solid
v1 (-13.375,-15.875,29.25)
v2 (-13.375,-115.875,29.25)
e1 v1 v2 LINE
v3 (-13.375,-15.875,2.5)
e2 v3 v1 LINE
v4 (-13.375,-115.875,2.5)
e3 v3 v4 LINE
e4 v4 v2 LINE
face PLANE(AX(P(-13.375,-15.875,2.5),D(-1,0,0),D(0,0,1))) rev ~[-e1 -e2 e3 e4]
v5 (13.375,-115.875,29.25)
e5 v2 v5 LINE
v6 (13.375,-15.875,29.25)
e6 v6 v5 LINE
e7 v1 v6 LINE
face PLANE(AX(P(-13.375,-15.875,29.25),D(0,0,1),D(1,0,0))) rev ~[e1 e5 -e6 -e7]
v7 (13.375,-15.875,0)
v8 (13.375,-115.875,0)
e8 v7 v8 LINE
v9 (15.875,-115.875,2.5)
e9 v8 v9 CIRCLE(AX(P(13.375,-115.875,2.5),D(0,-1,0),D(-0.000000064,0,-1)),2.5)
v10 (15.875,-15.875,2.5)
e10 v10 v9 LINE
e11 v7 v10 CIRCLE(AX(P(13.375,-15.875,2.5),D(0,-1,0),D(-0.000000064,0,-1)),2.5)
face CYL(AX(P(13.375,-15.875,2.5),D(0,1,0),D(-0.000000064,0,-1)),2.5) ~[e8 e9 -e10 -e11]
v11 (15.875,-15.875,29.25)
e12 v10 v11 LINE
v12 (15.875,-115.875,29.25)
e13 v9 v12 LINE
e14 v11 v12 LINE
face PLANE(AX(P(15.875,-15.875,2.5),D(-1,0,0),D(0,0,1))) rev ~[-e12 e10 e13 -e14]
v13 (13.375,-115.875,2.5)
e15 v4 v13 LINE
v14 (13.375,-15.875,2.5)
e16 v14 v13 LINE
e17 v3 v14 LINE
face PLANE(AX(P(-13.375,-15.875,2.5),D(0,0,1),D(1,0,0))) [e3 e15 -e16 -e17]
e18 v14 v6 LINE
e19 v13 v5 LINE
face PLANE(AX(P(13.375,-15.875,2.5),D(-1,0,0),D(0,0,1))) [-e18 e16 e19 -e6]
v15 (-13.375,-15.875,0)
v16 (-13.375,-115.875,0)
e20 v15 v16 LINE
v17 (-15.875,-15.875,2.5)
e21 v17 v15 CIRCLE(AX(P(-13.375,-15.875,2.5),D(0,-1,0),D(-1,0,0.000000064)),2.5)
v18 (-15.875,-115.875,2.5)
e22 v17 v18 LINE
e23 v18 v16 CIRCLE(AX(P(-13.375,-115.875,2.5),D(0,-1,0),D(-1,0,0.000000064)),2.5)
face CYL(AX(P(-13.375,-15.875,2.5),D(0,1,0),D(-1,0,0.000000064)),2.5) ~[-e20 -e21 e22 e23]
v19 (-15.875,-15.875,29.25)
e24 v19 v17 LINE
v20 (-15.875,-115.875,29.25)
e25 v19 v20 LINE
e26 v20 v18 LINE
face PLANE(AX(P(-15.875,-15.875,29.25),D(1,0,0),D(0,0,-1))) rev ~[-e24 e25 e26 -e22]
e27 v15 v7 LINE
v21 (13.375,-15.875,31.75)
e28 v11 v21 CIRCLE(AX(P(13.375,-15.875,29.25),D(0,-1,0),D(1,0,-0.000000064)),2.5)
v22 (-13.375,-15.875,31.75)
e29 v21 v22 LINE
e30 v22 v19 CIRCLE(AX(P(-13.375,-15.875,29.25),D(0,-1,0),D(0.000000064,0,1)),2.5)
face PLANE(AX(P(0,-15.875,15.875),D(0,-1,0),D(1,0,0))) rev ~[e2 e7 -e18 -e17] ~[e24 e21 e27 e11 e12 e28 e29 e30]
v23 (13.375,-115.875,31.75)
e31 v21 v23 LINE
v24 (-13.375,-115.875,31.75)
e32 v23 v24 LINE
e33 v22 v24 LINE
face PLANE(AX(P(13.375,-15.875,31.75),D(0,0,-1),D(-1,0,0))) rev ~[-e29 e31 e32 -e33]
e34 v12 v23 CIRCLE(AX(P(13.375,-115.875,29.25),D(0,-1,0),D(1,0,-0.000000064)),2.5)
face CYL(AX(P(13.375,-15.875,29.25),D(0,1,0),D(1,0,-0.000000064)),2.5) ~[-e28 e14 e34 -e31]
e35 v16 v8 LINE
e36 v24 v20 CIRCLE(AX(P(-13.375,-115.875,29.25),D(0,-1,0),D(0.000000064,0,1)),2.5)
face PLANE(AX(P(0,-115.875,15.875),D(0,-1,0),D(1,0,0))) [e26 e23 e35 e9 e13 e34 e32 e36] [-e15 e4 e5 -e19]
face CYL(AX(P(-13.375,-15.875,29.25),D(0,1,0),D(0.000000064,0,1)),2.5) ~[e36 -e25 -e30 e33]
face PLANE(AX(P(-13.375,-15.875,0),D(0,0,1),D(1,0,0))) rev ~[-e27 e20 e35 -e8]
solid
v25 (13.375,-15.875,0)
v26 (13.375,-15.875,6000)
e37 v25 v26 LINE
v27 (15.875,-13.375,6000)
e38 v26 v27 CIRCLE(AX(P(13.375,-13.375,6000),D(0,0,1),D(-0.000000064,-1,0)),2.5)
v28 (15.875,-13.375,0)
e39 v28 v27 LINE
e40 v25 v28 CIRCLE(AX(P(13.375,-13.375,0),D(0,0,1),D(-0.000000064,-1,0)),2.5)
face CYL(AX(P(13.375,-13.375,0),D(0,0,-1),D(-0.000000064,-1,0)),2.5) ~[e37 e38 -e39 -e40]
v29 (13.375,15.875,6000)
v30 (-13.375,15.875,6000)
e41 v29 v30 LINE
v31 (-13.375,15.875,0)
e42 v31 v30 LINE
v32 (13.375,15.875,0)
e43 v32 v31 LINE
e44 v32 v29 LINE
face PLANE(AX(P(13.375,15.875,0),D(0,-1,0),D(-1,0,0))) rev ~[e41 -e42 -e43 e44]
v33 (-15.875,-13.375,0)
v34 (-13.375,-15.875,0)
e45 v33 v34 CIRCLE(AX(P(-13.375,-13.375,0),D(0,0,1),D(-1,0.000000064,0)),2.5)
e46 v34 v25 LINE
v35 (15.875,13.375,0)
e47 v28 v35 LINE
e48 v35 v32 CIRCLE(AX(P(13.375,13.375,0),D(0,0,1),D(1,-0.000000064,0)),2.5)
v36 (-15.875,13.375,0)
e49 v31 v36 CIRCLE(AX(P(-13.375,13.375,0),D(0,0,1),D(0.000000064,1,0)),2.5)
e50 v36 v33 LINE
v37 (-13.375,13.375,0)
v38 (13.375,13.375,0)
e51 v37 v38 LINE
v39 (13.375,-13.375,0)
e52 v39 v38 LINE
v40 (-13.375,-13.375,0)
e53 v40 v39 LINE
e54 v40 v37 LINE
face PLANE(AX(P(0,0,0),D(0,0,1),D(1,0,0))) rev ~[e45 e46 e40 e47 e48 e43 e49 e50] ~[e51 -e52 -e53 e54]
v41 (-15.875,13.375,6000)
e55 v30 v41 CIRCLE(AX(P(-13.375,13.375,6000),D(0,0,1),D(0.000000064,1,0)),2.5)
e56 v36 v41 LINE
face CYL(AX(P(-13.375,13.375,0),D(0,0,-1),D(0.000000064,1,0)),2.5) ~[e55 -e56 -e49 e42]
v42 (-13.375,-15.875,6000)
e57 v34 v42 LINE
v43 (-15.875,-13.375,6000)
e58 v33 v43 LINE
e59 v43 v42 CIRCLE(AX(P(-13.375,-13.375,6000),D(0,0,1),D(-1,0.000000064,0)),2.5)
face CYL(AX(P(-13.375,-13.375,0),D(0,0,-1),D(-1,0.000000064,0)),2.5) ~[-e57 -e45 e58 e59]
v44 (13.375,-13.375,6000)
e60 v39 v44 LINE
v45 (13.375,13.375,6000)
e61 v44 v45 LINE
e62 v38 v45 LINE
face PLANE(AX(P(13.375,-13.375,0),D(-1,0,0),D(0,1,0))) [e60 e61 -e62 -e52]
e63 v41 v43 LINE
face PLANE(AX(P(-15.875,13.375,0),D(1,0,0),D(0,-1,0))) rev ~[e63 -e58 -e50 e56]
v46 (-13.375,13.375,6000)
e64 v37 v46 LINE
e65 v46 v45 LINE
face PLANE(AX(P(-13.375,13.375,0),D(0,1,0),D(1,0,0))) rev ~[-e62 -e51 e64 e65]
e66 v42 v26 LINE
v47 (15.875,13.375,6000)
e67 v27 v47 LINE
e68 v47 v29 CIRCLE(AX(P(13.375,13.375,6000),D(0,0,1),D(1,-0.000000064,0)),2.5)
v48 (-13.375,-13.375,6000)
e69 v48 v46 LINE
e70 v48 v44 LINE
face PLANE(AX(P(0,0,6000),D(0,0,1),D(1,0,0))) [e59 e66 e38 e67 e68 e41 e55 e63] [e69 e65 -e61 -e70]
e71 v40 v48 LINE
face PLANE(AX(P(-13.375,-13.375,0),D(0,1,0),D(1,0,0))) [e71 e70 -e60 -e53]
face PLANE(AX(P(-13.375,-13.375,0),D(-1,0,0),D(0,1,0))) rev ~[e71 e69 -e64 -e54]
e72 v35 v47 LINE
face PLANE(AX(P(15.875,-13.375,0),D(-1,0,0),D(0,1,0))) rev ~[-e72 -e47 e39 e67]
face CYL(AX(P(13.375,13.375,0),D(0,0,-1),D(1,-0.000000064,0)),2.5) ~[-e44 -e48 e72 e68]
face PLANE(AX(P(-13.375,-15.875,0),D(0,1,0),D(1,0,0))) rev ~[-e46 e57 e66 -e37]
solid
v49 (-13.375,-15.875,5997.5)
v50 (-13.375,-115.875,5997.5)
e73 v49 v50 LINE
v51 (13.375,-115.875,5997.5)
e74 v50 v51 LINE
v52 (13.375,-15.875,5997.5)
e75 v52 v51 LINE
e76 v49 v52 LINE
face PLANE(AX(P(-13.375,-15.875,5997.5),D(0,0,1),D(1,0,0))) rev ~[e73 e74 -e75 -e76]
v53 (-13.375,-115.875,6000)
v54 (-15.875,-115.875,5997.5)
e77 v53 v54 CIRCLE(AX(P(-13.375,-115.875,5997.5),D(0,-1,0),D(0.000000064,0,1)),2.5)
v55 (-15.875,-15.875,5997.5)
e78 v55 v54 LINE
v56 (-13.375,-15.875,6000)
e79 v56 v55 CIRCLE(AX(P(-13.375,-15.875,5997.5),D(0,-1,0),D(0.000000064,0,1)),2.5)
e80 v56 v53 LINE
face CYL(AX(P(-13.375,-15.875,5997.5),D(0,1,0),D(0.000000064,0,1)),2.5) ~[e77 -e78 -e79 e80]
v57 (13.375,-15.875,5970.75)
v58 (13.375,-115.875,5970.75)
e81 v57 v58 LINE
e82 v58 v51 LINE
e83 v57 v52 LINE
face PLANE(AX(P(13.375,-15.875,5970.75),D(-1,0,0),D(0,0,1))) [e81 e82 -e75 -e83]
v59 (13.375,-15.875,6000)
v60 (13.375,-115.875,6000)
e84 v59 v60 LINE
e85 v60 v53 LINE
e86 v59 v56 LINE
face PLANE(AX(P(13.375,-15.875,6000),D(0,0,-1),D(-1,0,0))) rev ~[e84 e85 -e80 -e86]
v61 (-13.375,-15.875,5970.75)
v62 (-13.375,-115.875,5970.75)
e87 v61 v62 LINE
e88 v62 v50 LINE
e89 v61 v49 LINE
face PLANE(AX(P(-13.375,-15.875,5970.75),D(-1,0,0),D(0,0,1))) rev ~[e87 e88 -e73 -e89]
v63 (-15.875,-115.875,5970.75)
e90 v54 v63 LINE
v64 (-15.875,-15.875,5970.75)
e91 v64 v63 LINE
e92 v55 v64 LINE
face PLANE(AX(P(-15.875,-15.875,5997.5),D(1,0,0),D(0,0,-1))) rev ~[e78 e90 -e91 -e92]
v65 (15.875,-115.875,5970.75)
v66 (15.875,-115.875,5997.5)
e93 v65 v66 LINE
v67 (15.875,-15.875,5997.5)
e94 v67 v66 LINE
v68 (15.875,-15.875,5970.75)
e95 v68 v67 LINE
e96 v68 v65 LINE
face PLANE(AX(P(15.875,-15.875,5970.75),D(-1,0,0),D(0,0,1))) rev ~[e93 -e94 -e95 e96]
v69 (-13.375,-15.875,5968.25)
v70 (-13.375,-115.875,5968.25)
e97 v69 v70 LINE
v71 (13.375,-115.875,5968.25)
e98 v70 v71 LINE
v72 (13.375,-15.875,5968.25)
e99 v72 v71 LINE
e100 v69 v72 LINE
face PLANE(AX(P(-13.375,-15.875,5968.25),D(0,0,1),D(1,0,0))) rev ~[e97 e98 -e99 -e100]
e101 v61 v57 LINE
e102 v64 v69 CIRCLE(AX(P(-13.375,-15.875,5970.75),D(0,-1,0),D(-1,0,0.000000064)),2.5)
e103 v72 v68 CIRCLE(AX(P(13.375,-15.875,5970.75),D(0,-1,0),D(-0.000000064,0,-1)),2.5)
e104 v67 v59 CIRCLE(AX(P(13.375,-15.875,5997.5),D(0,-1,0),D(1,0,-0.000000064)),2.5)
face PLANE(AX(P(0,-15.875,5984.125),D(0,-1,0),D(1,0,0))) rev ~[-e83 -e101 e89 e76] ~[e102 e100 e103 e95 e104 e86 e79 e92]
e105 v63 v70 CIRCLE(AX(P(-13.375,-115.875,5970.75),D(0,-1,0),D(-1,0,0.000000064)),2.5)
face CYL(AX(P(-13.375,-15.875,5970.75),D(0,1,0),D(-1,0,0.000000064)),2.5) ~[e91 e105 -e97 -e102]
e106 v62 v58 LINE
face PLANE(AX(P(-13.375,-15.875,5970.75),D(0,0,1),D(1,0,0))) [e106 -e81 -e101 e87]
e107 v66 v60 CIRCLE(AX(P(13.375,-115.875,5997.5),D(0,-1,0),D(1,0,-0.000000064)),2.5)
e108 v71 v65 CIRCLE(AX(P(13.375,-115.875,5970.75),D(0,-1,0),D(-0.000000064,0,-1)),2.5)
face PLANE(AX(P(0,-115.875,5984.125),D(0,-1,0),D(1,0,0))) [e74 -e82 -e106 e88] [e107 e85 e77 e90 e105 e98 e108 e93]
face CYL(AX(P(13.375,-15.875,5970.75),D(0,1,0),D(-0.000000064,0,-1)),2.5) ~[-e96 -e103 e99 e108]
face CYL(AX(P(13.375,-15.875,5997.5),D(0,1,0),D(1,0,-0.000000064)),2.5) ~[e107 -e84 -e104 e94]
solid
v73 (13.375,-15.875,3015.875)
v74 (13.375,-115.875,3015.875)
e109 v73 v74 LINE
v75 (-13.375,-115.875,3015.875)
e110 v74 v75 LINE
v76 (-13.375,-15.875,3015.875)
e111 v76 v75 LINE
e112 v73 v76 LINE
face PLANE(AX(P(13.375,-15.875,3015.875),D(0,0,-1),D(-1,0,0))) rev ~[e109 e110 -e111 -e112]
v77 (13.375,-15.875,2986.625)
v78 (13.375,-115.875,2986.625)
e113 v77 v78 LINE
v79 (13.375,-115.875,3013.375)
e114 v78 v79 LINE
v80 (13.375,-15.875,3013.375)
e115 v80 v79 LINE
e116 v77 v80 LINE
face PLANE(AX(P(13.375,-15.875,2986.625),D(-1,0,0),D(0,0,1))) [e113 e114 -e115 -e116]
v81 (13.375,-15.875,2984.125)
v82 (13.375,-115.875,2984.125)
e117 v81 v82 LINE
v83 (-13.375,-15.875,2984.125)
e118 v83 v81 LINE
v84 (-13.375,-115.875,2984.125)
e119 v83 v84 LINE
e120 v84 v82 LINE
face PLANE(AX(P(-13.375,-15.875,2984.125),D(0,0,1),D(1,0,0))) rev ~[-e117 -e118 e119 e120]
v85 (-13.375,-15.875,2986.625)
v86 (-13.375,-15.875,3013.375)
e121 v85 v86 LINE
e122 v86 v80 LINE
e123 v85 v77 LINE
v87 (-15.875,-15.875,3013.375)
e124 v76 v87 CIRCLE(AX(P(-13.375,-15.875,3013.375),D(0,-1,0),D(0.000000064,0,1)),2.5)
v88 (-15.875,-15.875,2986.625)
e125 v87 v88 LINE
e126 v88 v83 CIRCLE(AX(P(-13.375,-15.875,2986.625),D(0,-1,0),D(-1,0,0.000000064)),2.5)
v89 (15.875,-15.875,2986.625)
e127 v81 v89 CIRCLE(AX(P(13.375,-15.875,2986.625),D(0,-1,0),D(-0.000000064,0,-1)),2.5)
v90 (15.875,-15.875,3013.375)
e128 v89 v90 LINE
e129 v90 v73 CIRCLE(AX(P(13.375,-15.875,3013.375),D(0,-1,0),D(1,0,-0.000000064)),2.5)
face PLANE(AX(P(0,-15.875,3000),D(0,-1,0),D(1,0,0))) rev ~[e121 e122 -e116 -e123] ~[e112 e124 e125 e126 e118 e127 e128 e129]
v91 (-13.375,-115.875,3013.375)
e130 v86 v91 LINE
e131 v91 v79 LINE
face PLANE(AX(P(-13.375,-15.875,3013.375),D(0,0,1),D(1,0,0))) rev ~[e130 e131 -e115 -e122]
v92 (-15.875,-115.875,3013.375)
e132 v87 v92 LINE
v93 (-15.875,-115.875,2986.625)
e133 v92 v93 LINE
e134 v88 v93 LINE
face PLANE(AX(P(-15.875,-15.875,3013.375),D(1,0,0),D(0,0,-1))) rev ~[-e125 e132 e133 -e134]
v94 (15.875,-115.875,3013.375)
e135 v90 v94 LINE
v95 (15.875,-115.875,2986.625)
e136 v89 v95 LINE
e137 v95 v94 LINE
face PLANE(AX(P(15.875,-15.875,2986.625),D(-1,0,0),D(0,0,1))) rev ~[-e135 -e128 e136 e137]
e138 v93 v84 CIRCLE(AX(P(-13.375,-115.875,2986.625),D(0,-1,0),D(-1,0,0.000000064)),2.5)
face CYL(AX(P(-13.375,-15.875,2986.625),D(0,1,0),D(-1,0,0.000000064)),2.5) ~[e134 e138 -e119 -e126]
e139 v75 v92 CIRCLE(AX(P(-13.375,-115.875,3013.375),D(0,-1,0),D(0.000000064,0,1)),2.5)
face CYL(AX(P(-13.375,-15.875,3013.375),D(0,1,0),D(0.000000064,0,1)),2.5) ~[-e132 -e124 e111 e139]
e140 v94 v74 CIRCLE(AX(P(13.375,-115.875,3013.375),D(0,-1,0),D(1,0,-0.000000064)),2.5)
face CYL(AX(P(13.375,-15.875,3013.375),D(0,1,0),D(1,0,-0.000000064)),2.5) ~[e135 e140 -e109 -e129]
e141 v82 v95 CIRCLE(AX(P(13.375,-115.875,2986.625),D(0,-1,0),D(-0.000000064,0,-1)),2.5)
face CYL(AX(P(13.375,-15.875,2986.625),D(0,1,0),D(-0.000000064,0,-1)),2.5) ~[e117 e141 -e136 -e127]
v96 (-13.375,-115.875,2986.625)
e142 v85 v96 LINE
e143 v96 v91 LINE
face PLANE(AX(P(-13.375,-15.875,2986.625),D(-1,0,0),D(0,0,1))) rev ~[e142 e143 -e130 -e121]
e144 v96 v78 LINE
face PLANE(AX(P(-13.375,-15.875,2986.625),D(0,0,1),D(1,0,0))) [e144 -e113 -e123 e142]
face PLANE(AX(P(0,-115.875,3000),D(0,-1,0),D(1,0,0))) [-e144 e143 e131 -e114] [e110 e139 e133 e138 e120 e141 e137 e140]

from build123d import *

# Parameters (mm, degrees)
F0_W     = 26.75
F0_H     = 26.75
F1_DEPTH = 6000
F2_W     = 26.75
F2_H     = 26.75
F3_DEPTH = 100


with BuildPart() as f1:
    # F0 (on Top) → F1 (new body)
    with BuildSketch(Plane.XY):
        with BuildLine():
            ThreePointArc((15.875, 13.375), (15.142767, 15.142767), (13.375, 15.875))
            Line((13.375, 15.875), (-13.375, 15.875))
            ThreePointArc((-13.375, 15.875), (-15.142767, 15.142767), (-15.875, 13.375))
            Line((-15.875, 13.375), (-15.875, -13.375))
            ThreePointArc((-15.875, -13.375), (-15.142767, -15.142767), (-13.375, -15.875))
            Line((-13.375, -15.875), (13.375, -15.875))
            ThreePointArc((13.375, -15.875), (15.142767, -15.142767), (15.875, -13.375))
            Line((15.875, -13.375), (15.875, 13.375))
        make_face()
        Rectangle(F0_W, F0_H, mode=Mode.SUBTRACT)
    extrude(amount=F1_DEPTH)


with BuildPart() as f3:
    # F2 (on face) → F3 (new body)
    with BuildSketch(Plane.XZ.offset(15.875)):
        with BuildLine():
            Line((-13.375, 2984.125), (13.375, 2984.125))
            ThreePointArc((13.375, 2984.125), (15.142767, 2984.857233), (15.875, 2986.625))
            Line((15.875, 2986.625), (15.875, 3013.375))
            ThreePointArc((15.875, 3013.375), (15.142767, 3015.142767), (13.375, 3015.875))
            Line((13.375, 3015.875), (-13.375, 3015.875))
            ThreePointArc((-13.375, 3015.875), (-15.142767, 3015.142767), (-15.875, 3013.375))
            Line((-15.875, 3013.375), (-15.875, 2986.625))
            ThreePointArc((-15.875, 2986.625), (-15.142767, 2984.857233), (-13.375, 2984.125))
        make_face()
        with Locations((0, 3000)):
            Rectangle(F2_W, F2_H, mode=Mode.SUBTRACT)
        with BuildLine():
            Line((-13.375, 5968.25), (13.375, 5968.25))
            ThreePointArc((13.375, 5968.25), (15.142767, 5968.982233), (15.875, 5970.75))
            Line((15.875, 5970.75), (15.875, 5997.5))
            ThreePointArc((15.875, 5997.5), (15.142767, 5999.267767), (13.375, 6000))
            Line((13.375, 6000), (-13.375, 6000))
            ThreePointArc((-13.375, 6000), (-15.142767, 5999.267767), (-15.875, 5997.5))
            Line((-15.875, 5997.5), (-15.875, 5970.75))
            ThreePointArc((-15.875, 5970.75), (-15.142767, 5968.982233), (-13.375, 5968.25))
        make_face()
        with Locations((0, 5984.125)):
            Rectangle(F2_W, F2_H, mode=Mode.SUBTRACT)
        with BuildLine():
            Line((-13.375, 0), (13.375, 0))
            ThreePointArc((13.375, 0), (15.142767, 0.732233), (15.875, 2.5))
            Line((15.875, 2.5), (15.875, 29.25))
            ThreePointArc((15.875, 29.25), (15.142767, 31.017767), (13.375, 31.75))
            Line((13.375, 31.75), (-13.375, 31.75))
            ThreePointArc((-13.375, 31.75), (-15.142767, 31.017767), (-15.875, 29.25))
            Line((-15.875, 29.25), (-15.875, 2.5))
            ThreePointArc((-15.875, 2.5), (-15.142767, 0.732233), (-13.375, 0))
        make_face()
        with Locations((0, 15.875)):
            Rectangle(F2_W, F2_H, mode=Mode.SUBTRACT)
    extrude(amount=F3_DEPTH)


solid = Compound([f1.part, f3.part])
